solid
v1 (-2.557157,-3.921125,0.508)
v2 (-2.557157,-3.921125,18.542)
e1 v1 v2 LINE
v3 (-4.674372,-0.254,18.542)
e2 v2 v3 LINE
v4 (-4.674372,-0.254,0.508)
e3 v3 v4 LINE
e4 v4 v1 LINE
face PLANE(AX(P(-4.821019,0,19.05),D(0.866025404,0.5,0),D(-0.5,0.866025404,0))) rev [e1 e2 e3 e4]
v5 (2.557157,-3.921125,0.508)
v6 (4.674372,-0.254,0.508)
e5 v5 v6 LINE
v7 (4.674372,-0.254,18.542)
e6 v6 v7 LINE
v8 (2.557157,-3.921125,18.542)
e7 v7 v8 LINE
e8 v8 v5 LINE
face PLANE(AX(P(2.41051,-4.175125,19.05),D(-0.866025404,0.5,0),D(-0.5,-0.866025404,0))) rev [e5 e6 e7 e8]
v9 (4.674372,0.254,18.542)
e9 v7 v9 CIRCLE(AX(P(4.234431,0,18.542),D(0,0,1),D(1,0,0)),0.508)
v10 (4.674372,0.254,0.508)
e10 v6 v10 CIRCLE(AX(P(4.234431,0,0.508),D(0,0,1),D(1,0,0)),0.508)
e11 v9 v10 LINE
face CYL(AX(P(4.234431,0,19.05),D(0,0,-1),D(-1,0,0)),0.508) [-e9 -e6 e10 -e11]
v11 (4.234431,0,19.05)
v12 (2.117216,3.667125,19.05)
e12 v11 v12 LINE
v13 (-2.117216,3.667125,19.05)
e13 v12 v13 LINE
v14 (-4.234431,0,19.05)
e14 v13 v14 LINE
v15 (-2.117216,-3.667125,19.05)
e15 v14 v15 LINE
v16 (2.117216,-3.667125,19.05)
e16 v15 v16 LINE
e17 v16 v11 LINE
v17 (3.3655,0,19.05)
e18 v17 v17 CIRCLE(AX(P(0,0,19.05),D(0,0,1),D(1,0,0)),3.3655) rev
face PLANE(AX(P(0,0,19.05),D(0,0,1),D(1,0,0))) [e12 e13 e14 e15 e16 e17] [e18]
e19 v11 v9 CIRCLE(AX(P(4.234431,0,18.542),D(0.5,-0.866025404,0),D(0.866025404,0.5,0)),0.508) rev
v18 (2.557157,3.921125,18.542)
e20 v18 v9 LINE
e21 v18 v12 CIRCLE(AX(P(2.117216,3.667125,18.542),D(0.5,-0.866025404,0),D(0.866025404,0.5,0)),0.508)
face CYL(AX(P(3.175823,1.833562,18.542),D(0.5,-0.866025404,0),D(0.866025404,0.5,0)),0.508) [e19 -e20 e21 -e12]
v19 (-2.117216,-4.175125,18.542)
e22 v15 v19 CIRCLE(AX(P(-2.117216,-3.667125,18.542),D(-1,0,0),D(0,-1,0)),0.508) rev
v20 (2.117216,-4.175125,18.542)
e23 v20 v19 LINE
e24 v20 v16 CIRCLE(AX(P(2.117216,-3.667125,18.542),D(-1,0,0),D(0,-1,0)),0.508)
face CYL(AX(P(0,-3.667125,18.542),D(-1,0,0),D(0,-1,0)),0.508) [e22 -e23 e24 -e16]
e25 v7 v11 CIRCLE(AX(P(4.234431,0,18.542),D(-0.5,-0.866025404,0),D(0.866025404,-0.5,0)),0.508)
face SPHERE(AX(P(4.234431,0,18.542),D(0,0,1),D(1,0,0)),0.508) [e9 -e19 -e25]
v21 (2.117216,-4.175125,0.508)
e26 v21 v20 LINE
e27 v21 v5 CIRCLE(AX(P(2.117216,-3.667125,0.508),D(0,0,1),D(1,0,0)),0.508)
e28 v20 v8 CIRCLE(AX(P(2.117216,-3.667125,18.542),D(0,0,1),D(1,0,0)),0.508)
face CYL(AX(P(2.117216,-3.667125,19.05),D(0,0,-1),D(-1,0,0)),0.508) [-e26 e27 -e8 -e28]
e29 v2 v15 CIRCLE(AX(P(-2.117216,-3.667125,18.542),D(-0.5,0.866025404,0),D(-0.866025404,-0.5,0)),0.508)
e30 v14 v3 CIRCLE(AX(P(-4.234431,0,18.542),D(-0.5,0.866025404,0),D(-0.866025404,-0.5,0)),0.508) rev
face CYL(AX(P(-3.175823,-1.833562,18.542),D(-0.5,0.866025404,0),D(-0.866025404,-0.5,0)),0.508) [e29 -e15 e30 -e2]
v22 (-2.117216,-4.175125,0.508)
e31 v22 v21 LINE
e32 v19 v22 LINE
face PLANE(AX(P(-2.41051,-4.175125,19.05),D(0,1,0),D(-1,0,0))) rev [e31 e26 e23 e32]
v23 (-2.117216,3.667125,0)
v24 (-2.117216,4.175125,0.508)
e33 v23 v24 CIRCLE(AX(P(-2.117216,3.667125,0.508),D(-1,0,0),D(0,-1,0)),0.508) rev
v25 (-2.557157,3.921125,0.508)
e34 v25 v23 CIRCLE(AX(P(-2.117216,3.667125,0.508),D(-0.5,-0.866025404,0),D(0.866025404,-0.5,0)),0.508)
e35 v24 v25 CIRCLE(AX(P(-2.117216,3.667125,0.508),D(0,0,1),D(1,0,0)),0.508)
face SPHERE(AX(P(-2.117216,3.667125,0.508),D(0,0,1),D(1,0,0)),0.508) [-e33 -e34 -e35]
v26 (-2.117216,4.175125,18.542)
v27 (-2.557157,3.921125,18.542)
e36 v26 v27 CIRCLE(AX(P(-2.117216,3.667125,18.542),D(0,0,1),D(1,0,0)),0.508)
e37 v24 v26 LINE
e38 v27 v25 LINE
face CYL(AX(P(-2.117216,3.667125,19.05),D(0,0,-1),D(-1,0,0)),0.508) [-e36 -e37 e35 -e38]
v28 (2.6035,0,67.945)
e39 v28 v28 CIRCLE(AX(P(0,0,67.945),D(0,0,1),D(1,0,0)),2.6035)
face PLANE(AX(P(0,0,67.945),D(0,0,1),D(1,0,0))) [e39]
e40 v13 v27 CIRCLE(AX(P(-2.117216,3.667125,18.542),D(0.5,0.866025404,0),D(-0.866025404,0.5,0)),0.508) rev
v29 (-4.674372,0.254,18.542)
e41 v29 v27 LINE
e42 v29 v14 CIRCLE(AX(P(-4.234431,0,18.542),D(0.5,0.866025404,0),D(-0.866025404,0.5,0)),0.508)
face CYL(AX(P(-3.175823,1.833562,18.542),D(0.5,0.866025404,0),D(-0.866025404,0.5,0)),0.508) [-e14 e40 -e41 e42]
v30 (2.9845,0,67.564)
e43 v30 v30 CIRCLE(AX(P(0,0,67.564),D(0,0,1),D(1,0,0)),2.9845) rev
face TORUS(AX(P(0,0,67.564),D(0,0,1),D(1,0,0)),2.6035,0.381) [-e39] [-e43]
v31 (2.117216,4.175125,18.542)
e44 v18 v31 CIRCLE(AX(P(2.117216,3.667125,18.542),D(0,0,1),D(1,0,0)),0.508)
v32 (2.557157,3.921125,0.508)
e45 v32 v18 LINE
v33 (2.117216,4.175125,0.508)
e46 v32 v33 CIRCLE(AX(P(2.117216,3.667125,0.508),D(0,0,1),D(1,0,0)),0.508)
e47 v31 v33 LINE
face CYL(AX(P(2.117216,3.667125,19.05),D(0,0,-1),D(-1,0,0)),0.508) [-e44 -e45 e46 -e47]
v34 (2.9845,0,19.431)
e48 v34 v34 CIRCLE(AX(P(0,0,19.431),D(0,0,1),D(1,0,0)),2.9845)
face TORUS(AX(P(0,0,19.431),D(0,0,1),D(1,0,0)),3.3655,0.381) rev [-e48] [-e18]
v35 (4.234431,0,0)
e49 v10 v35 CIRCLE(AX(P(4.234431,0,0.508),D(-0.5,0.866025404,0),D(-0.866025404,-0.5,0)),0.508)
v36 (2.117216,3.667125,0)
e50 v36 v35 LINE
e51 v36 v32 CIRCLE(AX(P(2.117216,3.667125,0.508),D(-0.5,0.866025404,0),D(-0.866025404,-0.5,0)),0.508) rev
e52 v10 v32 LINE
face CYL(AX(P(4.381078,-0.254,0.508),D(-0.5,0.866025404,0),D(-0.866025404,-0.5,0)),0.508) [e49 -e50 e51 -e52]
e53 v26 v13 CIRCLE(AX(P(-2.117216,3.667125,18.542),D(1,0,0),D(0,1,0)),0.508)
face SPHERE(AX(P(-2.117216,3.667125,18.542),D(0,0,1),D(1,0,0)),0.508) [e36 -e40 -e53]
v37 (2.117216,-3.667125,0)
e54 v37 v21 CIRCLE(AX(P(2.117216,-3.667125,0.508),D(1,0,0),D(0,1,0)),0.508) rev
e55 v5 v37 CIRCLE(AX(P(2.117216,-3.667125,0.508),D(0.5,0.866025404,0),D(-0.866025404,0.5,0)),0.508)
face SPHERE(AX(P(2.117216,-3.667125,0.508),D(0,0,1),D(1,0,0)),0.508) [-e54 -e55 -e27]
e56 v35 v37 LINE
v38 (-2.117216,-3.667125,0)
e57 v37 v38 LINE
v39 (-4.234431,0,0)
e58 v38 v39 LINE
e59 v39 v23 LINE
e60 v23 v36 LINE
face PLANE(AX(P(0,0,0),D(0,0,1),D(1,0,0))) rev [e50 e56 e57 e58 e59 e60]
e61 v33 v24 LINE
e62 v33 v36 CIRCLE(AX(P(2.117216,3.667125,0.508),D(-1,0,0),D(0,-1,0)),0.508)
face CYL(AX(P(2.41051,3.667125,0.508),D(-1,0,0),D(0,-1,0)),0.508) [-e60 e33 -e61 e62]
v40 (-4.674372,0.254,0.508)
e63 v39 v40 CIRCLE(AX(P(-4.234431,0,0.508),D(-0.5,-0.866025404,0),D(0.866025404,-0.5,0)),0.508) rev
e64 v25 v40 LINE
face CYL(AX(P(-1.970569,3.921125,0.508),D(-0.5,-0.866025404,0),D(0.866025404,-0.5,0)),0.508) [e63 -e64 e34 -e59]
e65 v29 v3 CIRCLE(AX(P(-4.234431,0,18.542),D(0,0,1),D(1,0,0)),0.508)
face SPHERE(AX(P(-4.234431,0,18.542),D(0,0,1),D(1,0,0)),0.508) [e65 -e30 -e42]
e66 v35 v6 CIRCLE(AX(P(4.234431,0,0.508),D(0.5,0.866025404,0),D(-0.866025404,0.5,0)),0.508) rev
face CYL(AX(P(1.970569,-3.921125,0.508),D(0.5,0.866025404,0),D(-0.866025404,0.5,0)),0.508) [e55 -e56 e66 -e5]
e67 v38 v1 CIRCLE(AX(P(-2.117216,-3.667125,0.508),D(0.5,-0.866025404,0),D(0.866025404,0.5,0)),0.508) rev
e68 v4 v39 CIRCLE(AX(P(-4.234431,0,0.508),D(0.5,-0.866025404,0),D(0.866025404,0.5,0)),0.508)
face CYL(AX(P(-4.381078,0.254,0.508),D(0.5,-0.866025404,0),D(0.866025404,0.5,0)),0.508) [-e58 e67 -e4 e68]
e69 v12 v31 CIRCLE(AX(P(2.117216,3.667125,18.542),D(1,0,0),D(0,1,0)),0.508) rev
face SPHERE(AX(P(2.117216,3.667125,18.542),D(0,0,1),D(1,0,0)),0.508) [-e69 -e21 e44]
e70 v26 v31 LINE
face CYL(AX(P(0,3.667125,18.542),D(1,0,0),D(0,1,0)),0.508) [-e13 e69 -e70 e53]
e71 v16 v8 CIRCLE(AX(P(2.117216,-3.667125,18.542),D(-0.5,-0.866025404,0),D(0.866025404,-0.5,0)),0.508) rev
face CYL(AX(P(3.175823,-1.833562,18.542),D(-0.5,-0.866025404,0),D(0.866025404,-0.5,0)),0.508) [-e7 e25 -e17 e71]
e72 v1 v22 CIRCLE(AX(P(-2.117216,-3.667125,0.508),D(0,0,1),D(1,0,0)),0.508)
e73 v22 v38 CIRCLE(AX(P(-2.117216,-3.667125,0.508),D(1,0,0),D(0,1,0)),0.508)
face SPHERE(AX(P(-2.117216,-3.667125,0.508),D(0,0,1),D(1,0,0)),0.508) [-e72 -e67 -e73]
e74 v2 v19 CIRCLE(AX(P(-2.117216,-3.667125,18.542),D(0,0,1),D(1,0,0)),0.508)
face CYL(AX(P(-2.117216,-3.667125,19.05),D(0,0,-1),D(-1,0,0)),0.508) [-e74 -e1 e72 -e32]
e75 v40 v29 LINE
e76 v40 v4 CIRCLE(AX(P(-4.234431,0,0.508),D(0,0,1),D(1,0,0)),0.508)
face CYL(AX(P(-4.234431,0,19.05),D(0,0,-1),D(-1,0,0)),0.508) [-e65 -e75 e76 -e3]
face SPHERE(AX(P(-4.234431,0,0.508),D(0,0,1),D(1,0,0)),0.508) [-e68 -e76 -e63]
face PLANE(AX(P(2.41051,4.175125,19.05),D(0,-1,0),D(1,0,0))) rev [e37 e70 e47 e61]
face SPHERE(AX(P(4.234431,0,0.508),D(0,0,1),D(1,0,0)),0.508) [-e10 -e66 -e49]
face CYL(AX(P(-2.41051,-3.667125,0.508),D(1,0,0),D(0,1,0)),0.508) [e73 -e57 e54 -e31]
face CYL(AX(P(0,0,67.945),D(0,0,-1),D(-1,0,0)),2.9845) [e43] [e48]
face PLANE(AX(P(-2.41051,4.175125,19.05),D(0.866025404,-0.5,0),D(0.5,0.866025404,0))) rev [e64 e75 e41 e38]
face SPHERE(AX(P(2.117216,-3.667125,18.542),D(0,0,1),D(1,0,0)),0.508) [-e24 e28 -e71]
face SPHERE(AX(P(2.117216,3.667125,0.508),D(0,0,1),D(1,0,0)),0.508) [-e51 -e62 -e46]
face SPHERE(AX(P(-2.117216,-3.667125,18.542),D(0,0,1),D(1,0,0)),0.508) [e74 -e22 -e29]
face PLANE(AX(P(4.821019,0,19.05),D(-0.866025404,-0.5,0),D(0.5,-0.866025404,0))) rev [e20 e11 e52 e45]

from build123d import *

# Parameters (mm, degrees)
BOSS_EXTRUDE1_DEPTH = 19.05
SKETCH2_R           = 2.9845
BOSS_EXTRUDE2_DEPTH = 48.895
FILLET1_R           = 0.381
FILLET2_R           = 0.381
FILLET3_R           = 0.508
FILLET4_R           = 0.508


with BuildPart() as part:
    # Sketch1 → Boss-Extrude1 (new body)
    with BuildSketch(Plane.XY):
        Polygon((2.410509543, -4.175125), (4.821019085, 0), (2.410509543, 4.175125), (-2.410509543, 4.175125), (-4.821019085, 0), (-2.410509543, -4.175125), align=None)
    extrude(amount=BOSS_EXTRUDE1_DEPTH)

    # Sketch2 → Boss-Extrude2 (add)
    with BuildSketch(Plane.XY.offset(19.05)):
        Circle(SKETCH2_R)
    extrude(amount=BOSS_EXTRUDE2_DEPTH)

    # Fillet1
    fillet1_edges = [part.edges().sort_by_distance(p)[0] for p in [
        (-2.9845, 0, 67.945),
    ]]
    fillet(fillet1_edges, radius=FILLET1_R)

    # Fillet2
    fillet2_edges = [part.edges().sort_by_distance(p)[0] for p in [
        (-2.9845, 0, 19.05),
    ]]
    fillet(fillet2_edges, radius=FILLET2_R)

    # Fillet3
    fillet3_edges = [part.edges().sort_by_distance(p)[0] for p in [
        (3.615764314, 2.0875625, 19.05),
        (0, 4.175125, 19.05),
        (-3.615764314, 2.0875625, 19.05),
        (-3.615764314, -2.0875625, 19.05),
        (0, -4.175125, 19.05),
        (-3.615764314, -2.0875625, 0),
        (-3.615764314, 2.0875625, 0),
        (0, 4.175125, 0),
        (3.615764314, 2.0875625, 0),
        (3.615764314, -2.0875625, 0),
        (0, -4.175125, 0),
        (3.615764314, -2.0875625, 19.05),
    ]]
    fillet(fillet3_edges, radius=FILLET3_R)

    # Fillet4
    fillet4_edges = [part.edges().sort_by_distance(p)[0] for p in [
        (4.821019085, 0, 9.525),
        (2.410509543, -4.175125, 9.525),
        (2.410509543, 4.175125, 9.525),
        (-2.410509543, -4.175125, 9.525),
        (-2.410509543, 4.175125, 9.525),
        (-4.821019085, 0, 9.525),
        (-4.634149245, 0, 0.136202851),
        (-2.317074623, 4.013290972, 0.136202851),
        (-2.317074623, -4.013290972, 0.136202851),
        (2.317074623, 4.013290972, 0.136202851),
        (2.317074623, -4.013290972, 0.136202851),
        (4.634149245, 0, 0.136202851),
        (-2.317074623, -4.013290972, 18.913797149),
        (-4.634149245, 0, 18.913797149),
        (2.317074623, -4.013290972, 18.913797149),
        (-2.317074623, 4.013290972, 18.913797149),
        (4.634149245, 0, 18.913797149),
        (2.317074623, 4.013290972, 18.913797149),
    ]]
    fillet(fillet4_edges, radius=FILLET4_R)


solid = part.part
